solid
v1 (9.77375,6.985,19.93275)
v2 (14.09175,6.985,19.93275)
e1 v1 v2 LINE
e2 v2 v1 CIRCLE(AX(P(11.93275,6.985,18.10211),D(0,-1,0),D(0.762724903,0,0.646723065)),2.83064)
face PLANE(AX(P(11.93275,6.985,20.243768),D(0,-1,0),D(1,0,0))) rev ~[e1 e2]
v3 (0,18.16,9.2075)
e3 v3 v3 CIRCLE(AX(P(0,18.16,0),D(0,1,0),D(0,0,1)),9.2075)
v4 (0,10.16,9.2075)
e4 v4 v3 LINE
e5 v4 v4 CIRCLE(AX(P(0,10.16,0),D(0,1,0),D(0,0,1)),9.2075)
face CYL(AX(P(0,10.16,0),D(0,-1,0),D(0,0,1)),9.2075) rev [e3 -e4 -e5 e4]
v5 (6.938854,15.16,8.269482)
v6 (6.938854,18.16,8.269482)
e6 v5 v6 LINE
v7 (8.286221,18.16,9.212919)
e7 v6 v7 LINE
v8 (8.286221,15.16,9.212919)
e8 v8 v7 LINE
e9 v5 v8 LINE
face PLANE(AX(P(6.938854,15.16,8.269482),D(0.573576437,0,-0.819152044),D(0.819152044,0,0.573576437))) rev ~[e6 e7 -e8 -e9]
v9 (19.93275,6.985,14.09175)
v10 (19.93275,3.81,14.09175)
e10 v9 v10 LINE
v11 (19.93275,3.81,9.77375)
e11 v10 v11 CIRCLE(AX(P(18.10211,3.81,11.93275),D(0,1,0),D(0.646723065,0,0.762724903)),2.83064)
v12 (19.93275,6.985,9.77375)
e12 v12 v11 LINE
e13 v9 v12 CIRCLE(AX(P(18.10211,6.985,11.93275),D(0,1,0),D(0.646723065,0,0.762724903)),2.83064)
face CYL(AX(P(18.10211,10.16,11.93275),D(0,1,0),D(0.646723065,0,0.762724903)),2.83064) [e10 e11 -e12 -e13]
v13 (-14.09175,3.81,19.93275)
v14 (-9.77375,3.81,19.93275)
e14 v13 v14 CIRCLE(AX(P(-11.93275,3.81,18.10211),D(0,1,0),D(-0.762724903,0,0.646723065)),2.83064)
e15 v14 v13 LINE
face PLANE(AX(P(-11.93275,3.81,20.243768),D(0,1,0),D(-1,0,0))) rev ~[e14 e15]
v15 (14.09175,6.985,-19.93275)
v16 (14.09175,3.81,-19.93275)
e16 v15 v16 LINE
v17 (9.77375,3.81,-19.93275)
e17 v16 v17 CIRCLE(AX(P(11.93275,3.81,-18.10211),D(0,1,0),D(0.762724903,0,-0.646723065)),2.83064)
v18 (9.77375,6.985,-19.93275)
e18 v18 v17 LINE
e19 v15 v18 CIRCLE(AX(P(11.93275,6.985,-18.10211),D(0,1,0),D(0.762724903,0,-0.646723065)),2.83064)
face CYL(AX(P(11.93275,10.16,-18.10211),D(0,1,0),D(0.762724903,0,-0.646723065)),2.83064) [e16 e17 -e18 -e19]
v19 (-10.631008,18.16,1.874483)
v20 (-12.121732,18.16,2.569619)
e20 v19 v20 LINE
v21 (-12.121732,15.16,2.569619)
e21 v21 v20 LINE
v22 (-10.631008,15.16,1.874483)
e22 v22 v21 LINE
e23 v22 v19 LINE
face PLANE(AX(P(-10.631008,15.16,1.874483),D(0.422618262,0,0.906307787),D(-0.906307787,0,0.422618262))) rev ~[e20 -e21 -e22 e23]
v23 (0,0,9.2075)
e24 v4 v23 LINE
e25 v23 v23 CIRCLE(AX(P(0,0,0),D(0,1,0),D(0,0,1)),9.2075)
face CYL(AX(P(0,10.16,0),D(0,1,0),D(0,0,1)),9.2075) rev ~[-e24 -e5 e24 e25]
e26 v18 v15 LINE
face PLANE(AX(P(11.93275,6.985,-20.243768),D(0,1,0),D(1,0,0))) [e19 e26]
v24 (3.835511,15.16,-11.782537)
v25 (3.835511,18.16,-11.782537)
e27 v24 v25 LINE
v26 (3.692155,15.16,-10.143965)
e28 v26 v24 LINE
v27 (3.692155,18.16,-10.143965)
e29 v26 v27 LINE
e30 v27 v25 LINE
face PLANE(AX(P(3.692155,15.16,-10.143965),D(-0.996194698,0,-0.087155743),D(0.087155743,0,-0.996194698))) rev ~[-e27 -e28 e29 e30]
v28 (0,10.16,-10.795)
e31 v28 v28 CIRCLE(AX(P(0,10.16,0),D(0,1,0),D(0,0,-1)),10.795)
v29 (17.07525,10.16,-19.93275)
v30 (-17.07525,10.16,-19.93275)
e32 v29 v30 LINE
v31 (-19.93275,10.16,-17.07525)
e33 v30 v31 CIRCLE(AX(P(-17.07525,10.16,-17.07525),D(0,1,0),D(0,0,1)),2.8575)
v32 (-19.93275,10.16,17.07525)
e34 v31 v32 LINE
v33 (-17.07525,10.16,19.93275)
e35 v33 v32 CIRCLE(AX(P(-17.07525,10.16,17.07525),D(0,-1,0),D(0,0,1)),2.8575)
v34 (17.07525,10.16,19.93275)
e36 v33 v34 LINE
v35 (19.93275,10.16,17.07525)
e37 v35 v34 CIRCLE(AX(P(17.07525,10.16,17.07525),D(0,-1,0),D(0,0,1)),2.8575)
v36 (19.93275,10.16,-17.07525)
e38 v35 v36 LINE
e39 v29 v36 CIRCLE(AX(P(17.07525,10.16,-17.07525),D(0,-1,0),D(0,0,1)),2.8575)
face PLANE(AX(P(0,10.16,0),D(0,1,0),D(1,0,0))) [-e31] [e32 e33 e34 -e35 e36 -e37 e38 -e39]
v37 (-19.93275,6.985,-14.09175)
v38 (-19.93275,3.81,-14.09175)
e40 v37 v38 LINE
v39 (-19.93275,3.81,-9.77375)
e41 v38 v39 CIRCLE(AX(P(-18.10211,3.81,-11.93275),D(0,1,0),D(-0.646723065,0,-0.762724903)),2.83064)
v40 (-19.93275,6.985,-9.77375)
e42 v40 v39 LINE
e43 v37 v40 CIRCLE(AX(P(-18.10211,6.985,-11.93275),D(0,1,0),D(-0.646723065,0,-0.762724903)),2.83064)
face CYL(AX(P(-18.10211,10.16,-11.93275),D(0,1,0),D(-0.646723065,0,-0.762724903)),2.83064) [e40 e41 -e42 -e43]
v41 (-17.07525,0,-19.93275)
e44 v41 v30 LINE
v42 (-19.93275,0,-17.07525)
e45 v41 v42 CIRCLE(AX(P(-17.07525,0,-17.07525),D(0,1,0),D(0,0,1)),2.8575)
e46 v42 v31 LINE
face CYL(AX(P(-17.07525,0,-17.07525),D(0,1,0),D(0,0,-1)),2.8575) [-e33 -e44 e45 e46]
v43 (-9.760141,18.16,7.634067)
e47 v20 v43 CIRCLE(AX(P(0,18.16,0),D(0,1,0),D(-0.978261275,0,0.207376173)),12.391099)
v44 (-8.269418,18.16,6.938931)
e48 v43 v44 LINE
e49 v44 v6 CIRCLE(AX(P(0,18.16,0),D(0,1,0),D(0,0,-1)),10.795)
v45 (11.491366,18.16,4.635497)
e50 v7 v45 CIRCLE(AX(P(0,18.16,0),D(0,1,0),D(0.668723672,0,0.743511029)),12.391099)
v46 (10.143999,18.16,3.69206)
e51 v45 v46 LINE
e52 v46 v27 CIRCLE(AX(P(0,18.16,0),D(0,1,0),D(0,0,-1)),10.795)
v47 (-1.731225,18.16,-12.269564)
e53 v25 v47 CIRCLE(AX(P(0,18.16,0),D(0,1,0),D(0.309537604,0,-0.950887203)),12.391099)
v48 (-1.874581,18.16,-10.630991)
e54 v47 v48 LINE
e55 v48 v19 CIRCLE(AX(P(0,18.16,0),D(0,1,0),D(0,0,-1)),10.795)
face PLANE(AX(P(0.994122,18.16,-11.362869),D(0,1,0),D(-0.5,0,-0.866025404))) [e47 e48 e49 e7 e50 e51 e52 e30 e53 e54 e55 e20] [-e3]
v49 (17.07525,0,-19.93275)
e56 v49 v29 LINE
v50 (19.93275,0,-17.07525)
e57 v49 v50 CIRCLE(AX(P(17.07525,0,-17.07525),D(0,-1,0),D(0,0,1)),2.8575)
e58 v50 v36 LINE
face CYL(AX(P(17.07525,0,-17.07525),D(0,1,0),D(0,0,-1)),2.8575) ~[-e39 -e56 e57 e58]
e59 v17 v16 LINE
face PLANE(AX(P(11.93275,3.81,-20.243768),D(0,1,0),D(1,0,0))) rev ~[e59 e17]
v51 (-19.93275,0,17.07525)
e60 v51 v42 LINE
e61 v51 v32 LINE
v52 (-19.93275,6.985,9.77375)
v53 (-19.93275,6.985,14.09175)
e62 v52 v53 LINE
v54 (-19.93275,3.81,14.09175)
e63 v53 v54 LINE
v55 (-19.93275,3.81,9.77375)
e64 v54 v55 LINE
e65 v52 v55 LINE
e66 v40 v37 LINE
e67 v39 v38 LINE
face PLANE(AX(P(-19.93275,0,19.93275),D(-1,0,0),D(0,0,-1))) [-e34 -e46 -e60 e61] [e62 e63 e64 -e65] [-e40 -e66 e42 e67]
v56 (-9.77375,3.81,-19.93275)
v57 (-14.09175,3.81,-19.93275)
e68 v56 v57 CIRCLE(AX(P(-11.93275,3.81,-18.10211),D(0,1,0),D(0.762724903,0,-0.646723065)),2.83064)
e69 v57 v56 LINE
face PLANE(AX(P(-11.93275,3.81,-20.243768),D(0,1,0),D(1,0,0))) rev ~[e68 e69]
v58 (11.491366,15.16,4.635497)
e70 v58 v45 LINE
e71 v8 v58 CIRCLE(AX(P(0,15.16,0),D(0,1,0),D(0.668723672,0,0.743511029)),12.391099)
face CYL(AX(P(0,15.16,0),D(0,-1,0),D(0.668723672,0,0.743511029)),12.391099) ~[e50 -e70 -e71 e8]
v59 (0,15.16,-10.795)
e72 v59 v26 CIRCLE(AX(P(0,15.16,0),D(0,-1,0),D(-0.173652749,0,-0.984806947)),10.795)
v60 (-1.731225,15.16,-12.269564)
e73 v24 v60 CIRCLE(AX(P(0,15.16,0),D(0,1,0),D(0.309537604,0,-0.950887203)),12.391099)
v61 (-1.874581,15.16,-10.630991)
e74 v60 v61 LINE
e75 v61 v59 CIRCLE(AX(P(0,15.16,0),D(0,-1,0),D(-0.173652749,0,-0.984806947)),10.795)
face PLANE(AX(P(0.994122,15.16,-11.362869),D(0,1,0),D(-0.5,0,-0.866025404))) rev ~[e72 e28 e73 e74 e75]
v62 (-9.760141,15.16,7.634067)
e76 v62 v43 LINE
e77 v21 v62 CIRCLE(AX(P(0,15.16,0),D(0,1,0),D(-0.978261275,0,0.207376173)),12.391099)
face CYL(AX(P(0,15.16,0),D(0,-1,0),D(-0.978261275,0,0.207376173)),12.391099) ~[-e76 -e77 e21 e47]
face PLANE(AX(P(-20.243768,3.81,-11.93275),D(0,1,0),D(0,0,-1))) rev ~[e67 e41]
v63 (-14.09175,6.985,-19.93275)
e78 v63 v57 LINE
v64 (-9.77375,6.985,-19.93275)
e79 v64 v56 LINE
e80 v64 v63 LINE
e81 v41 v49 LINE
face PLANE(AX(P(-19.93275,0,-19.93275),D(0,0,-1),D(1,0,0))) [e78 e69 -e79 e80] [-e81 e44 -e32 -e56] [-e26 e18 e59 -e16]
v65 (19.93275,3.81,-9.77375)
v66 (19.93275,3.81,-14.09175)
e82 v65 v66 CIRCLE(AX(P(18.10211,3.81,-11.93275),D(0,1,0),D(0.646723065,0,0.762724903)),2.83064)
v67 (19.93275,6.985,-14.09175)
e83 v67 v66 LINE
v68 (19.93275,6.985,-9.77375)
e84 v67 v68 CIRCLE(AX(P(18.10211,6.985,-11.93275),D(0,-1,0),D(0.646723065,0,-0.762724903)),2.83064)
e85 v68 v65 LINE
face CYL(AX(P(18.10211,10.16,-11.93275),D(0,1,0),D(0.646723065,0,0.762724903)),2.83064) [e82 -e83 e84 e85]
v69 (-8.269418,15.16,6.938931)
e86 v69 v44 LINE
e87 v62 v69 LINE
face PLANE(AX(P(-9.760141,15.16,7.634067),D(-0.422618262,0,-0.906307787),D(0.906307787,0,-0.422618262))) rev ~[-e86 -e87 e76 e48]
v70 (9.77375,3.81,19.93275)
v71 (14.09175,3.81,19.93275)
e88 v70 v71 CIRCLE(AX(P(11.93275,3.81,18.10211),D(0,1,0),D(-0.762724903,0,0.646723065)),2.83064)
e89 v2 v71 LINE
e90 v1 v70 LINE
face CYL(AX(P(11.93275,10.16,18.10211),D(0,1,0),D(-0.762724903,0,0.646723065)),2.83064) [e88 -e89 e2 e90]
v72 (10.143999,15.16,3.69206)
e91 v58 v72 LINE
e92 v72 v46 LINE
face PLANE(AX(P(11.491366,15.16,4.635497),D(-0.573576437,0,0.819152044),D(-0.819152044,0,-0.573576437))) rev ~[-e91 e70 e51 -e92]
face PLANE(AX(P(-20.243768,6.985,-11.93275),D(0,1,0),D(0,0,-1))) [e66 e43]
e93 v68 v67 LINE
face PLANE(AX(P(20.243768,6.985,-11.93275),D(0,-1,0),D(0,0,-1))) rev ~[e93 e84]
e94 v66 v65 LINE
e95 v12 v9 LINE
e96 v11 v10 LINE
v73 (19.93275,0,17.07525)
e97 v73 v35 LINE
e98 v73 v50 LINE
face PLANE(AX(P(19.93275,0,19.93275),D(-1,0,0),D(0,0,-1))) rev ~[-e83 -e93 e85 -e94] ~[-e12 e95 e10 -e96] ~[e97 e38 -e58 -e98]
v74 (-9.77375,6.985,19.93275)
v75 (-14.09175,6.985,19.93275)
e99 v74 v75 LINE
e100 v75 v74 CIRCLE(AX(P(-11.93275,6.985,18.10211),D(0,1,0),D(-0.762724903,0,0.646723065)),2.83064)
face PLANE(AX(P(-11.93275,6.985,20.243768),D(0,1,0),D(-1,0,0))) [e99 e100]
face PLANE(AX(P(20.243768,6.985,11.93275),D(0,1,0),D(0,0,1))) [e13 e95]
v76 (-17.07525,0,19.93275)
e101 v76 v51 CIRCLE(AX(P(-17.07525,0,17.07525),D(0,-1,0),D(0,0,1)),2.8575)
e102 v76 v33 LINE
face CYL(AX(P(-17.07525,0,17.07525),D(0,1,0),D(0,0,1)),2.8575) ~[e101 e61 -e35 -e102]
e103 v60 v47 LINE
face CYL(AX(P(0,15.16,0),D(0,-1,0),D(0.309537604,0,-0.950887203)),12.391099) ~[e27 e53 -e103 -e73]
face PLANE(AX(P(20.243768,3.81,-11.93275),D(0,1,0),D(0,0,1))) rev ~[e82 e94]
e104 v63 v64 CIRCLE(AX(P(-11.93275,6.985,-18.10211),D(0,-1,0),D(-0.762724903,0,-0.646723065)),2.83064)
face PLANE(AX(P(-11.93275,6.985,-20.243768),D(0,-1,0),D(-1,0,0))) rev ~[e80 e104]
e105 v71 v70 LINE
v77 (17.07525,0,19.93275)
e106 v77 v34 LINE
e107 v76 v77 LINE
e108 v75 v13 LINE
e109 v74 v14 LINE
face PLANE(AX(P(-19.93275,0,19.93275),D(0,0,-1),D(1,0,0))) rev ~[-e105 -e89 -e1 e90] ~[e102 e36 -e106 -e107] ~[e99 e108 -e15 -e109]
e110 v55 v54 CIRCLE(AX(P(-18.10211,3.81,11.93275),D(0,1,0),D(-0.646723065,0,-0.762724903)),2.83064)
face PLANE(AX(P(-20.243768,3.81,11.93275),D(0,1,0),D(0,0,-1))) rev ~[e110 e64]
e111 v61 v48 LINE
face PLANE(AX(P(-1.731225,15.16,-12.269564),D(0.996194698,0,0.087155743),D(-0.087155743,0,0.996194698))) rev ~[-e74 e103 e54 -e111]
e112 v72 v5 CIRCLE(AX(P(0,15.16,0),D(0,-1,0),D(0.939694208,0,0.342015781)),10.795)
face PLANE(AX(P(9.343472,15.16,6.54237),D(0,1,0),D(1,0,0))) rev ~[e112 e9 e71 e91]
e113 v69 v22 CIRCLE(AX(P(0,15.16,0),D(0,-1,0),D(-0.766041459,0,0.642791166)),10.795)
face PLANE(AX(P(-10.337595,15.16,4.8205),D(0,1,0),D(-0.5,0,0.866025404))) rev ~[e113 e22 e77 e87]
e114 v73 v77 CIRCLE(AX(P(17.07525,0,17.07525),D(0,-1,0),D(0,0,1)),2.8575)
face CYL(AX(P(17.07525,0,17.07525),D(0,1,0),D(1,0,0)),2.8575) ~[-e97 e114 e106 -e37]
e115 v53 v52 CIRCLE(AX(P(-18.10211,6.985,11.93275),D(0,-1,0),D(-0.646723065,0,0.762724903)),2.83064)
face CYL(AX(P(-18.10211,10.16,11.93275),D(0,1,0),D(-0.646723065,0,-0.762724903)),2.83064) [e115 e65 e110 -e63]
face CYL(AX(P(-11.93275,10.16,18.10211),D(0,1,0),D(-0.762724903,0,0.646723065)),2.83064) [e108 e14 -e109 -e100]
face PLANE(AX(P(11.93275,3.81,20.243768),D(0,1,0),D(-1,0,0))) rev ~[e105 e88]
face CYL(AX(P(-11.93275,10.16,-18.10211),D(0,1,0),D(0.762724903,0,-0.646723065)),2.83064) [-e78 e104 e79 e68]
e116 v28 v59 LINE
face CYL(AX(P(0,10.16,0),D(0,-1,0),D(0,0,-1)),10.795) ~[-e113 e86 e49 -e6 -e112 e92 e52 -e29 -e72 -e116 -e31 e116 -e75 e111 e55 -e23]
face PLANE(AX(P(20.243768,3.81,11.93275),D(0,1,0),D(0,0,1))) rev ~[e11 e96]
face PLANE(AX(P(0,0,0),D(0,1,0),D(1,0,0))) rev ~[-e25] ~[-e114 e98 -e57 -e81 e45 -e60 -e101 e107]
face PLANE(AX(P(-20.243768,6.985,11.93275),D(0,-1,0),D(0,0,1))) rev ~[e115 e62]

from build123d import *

# Parameters (mm, degrees)
SKETCH1_W           = 39.8655
SKETCH1_H           = 39.8655
BOSS_EXTRUDE1_DEPTH = 10.16
SKETCH2_R           = 10.795
SKETCH2_R_2         = 9.2075
BOSS_EXTRUDE2_DEPTH = 8
BOSS_EXTRUDE3_START = -3
BOSS_EXTRUDE3_DEPTH = 3
CIRPATTERN1_COUNT   = 3
BOSS_EXTRUDE4_DEPTH = 6.35
CUT_EXTRUDE1_DEPTH  = 3.175
FILLET1_R           = 2.8575
SKETCH13_R          = 9.2075
CUT_EXTRUDE2_DEPTH  = 31.638540192
CIRPATTERN2_COUNT   = 4


with BuildPart() as part:
    # Sketch1 → Boss-Extrude1 (new body)
    with BuildSketch(Plane(origin=(0, 0, 0), x_dir=(1, 0, 0), z_dir=(0, 1, 0))):
        Rectangle(SKETCH1_W, SKETCH1_H)
    extrude(amount=BOSS_EXTRUDE1_DEPTH)

    # Sketch2 → Boss-Extrude2 (add)
    with BuildSketch(Plane(origin=(0, 10.16, 0), x_dir=(1, 0, 0), z_dir=(0, 1, 0))):
        Circle(SKETCH2_R)
        Circle(SKETCH2_R_2, mode=Mode.SUBTRACT)
    extrude(amount=BOSS_EXTRUDE2_DEPTH)

    # Sketch5 → Boss-Extrude3 (add)
    with BuildSketch(Plane(origin=(0, 18.16, 0), x_dir=(1, 0, 0), z_dir=(0, 1, 0)).offset(BOSS_EXTRUDE3_START)):
        with BuildLine():
            ThreePointArc((10.143998982, -3.692060354), (8.842746318, -6.19175763), (6.938853856, -8.269481977))
            Line((6.938853856, -8.269481977), (8.286221198, -9.212918747))
            ThreePointArc((8.286221198, -9.212918747), (10.150194049, -7.107242387), (11.491366324, -4.635497124))
            Line((11.491366324, -4.635497124), (10.143998982, -3.692060354))
        make_face()
    boss_extrude3 = extrude(amount=BOSS_EXTRUDE3_DEPTH)

    # CirPattern1: Boss-Extrude3 ×3 about axis
    cirpattern1_axis = Axis((0, 18.16, 0), (0, 1, 0))
    for i in range(1, CIRPATTERN1_COUNT):
        add(boss_extrude3.rotate(cirpattern1_axis, i * 360 / CIRPATTERN1_COUNT))

    # Sketch6 → Boss-Extrude4 (add)
    with BuildSketch(Plane(origin=(0, 10.16, 0), x_dir=(1, 0, 0), z_dir=(0, 1, 0))):
        with BuildLine():
            Line((-14.09175, 19.93275), (-9.77375, 19.93275))
            ThreePointArc((-9.77375, 19.93275), (-11.93275, 20.93275), (-14.09175, 19.93275))
        make_face()
        with BuildLine():
            Line((9.77375, 19.93275), (14.09175, 19.93275))
            ThreePointArc((14.09175, 19.93275), (11.93275, 20.93275), (9.77375, 19.93275))
        make_face()
    boss_extrude4 = extrude(amount=-BOSS_EXTRUDE4_DEPTH)

    # Sketch7 → Cut-Extrude1 (cut)
    with BuildSketch(Plane(origin=(0, 10.16, 0), x_dir=(1, 0, 0), z_dir=(0, 1, 0))):
        with BuildLine():
            Line((-14.09175, 19.93275), (-9.77375, 19.93275))
            ThreePointArc((-9.77375, 19.93275), (-11.93275, 20.93275), (-14.09175, 19.93275))
        make_face()
        with BuildLine():
            ThreePointArc((14.09175, 19.93275), (11.93275, 20.93275), (9.77375, 19.93275))
            Line((9.77375, 19.93275), (14.09175, 19.93275))
        make_face()
    cut_extrude1 = extrude(amount=-CUT_EXTRUDE1_DEPTH, mode=Mode.SUBTRACT)

    # Fillet1
    fillet1_edges = [part.edges().sort_by_distance(p)[0] for p in [
        (-19.93275, 5.08, 19.93275),
        (-19.93275, 5.08, -19.93275),
        (19.93275, 5.08, -19.93275),
        (19.93275, 5.08, 19.93275),
    ]]
    fillet(fillet1_edges, radius=FILLET1_R)

    # Sketch13 → Cut-Extrude2 (cut, through all)
    with BuildSketch(Plane(origin=(0, 10.16, 0), x_dir=(1, 0, 0), z_dir=(0, 1, 0))):
        Circle(SKETCH13_R)
    extrude(amount=-CUT_EXTRUDE2_DEPTH, mode=Mode.SUBTRACT)

    # CirPattern2: Boss-Extrude4, Cut-Extrude1 ×4 about axis
    cirpattern2_axis = Axis((0, 18.16, 0), (0, 1, 0))
    add([boss_extrude4.rotate(cirpattern2_axis, i * 360 / CIRPATTERN2_COUNT) for i in range(1, CIRPATTERN2_COUNT)])
    add([cut_extrude1.rotate(cirpattern2_axis, i * 360 / CIRPATTERN2_COUNT) for i in range(1, CIRPATTERN2_COUNT)], mode=Mode.SUBTRACT)


solid = part.part
